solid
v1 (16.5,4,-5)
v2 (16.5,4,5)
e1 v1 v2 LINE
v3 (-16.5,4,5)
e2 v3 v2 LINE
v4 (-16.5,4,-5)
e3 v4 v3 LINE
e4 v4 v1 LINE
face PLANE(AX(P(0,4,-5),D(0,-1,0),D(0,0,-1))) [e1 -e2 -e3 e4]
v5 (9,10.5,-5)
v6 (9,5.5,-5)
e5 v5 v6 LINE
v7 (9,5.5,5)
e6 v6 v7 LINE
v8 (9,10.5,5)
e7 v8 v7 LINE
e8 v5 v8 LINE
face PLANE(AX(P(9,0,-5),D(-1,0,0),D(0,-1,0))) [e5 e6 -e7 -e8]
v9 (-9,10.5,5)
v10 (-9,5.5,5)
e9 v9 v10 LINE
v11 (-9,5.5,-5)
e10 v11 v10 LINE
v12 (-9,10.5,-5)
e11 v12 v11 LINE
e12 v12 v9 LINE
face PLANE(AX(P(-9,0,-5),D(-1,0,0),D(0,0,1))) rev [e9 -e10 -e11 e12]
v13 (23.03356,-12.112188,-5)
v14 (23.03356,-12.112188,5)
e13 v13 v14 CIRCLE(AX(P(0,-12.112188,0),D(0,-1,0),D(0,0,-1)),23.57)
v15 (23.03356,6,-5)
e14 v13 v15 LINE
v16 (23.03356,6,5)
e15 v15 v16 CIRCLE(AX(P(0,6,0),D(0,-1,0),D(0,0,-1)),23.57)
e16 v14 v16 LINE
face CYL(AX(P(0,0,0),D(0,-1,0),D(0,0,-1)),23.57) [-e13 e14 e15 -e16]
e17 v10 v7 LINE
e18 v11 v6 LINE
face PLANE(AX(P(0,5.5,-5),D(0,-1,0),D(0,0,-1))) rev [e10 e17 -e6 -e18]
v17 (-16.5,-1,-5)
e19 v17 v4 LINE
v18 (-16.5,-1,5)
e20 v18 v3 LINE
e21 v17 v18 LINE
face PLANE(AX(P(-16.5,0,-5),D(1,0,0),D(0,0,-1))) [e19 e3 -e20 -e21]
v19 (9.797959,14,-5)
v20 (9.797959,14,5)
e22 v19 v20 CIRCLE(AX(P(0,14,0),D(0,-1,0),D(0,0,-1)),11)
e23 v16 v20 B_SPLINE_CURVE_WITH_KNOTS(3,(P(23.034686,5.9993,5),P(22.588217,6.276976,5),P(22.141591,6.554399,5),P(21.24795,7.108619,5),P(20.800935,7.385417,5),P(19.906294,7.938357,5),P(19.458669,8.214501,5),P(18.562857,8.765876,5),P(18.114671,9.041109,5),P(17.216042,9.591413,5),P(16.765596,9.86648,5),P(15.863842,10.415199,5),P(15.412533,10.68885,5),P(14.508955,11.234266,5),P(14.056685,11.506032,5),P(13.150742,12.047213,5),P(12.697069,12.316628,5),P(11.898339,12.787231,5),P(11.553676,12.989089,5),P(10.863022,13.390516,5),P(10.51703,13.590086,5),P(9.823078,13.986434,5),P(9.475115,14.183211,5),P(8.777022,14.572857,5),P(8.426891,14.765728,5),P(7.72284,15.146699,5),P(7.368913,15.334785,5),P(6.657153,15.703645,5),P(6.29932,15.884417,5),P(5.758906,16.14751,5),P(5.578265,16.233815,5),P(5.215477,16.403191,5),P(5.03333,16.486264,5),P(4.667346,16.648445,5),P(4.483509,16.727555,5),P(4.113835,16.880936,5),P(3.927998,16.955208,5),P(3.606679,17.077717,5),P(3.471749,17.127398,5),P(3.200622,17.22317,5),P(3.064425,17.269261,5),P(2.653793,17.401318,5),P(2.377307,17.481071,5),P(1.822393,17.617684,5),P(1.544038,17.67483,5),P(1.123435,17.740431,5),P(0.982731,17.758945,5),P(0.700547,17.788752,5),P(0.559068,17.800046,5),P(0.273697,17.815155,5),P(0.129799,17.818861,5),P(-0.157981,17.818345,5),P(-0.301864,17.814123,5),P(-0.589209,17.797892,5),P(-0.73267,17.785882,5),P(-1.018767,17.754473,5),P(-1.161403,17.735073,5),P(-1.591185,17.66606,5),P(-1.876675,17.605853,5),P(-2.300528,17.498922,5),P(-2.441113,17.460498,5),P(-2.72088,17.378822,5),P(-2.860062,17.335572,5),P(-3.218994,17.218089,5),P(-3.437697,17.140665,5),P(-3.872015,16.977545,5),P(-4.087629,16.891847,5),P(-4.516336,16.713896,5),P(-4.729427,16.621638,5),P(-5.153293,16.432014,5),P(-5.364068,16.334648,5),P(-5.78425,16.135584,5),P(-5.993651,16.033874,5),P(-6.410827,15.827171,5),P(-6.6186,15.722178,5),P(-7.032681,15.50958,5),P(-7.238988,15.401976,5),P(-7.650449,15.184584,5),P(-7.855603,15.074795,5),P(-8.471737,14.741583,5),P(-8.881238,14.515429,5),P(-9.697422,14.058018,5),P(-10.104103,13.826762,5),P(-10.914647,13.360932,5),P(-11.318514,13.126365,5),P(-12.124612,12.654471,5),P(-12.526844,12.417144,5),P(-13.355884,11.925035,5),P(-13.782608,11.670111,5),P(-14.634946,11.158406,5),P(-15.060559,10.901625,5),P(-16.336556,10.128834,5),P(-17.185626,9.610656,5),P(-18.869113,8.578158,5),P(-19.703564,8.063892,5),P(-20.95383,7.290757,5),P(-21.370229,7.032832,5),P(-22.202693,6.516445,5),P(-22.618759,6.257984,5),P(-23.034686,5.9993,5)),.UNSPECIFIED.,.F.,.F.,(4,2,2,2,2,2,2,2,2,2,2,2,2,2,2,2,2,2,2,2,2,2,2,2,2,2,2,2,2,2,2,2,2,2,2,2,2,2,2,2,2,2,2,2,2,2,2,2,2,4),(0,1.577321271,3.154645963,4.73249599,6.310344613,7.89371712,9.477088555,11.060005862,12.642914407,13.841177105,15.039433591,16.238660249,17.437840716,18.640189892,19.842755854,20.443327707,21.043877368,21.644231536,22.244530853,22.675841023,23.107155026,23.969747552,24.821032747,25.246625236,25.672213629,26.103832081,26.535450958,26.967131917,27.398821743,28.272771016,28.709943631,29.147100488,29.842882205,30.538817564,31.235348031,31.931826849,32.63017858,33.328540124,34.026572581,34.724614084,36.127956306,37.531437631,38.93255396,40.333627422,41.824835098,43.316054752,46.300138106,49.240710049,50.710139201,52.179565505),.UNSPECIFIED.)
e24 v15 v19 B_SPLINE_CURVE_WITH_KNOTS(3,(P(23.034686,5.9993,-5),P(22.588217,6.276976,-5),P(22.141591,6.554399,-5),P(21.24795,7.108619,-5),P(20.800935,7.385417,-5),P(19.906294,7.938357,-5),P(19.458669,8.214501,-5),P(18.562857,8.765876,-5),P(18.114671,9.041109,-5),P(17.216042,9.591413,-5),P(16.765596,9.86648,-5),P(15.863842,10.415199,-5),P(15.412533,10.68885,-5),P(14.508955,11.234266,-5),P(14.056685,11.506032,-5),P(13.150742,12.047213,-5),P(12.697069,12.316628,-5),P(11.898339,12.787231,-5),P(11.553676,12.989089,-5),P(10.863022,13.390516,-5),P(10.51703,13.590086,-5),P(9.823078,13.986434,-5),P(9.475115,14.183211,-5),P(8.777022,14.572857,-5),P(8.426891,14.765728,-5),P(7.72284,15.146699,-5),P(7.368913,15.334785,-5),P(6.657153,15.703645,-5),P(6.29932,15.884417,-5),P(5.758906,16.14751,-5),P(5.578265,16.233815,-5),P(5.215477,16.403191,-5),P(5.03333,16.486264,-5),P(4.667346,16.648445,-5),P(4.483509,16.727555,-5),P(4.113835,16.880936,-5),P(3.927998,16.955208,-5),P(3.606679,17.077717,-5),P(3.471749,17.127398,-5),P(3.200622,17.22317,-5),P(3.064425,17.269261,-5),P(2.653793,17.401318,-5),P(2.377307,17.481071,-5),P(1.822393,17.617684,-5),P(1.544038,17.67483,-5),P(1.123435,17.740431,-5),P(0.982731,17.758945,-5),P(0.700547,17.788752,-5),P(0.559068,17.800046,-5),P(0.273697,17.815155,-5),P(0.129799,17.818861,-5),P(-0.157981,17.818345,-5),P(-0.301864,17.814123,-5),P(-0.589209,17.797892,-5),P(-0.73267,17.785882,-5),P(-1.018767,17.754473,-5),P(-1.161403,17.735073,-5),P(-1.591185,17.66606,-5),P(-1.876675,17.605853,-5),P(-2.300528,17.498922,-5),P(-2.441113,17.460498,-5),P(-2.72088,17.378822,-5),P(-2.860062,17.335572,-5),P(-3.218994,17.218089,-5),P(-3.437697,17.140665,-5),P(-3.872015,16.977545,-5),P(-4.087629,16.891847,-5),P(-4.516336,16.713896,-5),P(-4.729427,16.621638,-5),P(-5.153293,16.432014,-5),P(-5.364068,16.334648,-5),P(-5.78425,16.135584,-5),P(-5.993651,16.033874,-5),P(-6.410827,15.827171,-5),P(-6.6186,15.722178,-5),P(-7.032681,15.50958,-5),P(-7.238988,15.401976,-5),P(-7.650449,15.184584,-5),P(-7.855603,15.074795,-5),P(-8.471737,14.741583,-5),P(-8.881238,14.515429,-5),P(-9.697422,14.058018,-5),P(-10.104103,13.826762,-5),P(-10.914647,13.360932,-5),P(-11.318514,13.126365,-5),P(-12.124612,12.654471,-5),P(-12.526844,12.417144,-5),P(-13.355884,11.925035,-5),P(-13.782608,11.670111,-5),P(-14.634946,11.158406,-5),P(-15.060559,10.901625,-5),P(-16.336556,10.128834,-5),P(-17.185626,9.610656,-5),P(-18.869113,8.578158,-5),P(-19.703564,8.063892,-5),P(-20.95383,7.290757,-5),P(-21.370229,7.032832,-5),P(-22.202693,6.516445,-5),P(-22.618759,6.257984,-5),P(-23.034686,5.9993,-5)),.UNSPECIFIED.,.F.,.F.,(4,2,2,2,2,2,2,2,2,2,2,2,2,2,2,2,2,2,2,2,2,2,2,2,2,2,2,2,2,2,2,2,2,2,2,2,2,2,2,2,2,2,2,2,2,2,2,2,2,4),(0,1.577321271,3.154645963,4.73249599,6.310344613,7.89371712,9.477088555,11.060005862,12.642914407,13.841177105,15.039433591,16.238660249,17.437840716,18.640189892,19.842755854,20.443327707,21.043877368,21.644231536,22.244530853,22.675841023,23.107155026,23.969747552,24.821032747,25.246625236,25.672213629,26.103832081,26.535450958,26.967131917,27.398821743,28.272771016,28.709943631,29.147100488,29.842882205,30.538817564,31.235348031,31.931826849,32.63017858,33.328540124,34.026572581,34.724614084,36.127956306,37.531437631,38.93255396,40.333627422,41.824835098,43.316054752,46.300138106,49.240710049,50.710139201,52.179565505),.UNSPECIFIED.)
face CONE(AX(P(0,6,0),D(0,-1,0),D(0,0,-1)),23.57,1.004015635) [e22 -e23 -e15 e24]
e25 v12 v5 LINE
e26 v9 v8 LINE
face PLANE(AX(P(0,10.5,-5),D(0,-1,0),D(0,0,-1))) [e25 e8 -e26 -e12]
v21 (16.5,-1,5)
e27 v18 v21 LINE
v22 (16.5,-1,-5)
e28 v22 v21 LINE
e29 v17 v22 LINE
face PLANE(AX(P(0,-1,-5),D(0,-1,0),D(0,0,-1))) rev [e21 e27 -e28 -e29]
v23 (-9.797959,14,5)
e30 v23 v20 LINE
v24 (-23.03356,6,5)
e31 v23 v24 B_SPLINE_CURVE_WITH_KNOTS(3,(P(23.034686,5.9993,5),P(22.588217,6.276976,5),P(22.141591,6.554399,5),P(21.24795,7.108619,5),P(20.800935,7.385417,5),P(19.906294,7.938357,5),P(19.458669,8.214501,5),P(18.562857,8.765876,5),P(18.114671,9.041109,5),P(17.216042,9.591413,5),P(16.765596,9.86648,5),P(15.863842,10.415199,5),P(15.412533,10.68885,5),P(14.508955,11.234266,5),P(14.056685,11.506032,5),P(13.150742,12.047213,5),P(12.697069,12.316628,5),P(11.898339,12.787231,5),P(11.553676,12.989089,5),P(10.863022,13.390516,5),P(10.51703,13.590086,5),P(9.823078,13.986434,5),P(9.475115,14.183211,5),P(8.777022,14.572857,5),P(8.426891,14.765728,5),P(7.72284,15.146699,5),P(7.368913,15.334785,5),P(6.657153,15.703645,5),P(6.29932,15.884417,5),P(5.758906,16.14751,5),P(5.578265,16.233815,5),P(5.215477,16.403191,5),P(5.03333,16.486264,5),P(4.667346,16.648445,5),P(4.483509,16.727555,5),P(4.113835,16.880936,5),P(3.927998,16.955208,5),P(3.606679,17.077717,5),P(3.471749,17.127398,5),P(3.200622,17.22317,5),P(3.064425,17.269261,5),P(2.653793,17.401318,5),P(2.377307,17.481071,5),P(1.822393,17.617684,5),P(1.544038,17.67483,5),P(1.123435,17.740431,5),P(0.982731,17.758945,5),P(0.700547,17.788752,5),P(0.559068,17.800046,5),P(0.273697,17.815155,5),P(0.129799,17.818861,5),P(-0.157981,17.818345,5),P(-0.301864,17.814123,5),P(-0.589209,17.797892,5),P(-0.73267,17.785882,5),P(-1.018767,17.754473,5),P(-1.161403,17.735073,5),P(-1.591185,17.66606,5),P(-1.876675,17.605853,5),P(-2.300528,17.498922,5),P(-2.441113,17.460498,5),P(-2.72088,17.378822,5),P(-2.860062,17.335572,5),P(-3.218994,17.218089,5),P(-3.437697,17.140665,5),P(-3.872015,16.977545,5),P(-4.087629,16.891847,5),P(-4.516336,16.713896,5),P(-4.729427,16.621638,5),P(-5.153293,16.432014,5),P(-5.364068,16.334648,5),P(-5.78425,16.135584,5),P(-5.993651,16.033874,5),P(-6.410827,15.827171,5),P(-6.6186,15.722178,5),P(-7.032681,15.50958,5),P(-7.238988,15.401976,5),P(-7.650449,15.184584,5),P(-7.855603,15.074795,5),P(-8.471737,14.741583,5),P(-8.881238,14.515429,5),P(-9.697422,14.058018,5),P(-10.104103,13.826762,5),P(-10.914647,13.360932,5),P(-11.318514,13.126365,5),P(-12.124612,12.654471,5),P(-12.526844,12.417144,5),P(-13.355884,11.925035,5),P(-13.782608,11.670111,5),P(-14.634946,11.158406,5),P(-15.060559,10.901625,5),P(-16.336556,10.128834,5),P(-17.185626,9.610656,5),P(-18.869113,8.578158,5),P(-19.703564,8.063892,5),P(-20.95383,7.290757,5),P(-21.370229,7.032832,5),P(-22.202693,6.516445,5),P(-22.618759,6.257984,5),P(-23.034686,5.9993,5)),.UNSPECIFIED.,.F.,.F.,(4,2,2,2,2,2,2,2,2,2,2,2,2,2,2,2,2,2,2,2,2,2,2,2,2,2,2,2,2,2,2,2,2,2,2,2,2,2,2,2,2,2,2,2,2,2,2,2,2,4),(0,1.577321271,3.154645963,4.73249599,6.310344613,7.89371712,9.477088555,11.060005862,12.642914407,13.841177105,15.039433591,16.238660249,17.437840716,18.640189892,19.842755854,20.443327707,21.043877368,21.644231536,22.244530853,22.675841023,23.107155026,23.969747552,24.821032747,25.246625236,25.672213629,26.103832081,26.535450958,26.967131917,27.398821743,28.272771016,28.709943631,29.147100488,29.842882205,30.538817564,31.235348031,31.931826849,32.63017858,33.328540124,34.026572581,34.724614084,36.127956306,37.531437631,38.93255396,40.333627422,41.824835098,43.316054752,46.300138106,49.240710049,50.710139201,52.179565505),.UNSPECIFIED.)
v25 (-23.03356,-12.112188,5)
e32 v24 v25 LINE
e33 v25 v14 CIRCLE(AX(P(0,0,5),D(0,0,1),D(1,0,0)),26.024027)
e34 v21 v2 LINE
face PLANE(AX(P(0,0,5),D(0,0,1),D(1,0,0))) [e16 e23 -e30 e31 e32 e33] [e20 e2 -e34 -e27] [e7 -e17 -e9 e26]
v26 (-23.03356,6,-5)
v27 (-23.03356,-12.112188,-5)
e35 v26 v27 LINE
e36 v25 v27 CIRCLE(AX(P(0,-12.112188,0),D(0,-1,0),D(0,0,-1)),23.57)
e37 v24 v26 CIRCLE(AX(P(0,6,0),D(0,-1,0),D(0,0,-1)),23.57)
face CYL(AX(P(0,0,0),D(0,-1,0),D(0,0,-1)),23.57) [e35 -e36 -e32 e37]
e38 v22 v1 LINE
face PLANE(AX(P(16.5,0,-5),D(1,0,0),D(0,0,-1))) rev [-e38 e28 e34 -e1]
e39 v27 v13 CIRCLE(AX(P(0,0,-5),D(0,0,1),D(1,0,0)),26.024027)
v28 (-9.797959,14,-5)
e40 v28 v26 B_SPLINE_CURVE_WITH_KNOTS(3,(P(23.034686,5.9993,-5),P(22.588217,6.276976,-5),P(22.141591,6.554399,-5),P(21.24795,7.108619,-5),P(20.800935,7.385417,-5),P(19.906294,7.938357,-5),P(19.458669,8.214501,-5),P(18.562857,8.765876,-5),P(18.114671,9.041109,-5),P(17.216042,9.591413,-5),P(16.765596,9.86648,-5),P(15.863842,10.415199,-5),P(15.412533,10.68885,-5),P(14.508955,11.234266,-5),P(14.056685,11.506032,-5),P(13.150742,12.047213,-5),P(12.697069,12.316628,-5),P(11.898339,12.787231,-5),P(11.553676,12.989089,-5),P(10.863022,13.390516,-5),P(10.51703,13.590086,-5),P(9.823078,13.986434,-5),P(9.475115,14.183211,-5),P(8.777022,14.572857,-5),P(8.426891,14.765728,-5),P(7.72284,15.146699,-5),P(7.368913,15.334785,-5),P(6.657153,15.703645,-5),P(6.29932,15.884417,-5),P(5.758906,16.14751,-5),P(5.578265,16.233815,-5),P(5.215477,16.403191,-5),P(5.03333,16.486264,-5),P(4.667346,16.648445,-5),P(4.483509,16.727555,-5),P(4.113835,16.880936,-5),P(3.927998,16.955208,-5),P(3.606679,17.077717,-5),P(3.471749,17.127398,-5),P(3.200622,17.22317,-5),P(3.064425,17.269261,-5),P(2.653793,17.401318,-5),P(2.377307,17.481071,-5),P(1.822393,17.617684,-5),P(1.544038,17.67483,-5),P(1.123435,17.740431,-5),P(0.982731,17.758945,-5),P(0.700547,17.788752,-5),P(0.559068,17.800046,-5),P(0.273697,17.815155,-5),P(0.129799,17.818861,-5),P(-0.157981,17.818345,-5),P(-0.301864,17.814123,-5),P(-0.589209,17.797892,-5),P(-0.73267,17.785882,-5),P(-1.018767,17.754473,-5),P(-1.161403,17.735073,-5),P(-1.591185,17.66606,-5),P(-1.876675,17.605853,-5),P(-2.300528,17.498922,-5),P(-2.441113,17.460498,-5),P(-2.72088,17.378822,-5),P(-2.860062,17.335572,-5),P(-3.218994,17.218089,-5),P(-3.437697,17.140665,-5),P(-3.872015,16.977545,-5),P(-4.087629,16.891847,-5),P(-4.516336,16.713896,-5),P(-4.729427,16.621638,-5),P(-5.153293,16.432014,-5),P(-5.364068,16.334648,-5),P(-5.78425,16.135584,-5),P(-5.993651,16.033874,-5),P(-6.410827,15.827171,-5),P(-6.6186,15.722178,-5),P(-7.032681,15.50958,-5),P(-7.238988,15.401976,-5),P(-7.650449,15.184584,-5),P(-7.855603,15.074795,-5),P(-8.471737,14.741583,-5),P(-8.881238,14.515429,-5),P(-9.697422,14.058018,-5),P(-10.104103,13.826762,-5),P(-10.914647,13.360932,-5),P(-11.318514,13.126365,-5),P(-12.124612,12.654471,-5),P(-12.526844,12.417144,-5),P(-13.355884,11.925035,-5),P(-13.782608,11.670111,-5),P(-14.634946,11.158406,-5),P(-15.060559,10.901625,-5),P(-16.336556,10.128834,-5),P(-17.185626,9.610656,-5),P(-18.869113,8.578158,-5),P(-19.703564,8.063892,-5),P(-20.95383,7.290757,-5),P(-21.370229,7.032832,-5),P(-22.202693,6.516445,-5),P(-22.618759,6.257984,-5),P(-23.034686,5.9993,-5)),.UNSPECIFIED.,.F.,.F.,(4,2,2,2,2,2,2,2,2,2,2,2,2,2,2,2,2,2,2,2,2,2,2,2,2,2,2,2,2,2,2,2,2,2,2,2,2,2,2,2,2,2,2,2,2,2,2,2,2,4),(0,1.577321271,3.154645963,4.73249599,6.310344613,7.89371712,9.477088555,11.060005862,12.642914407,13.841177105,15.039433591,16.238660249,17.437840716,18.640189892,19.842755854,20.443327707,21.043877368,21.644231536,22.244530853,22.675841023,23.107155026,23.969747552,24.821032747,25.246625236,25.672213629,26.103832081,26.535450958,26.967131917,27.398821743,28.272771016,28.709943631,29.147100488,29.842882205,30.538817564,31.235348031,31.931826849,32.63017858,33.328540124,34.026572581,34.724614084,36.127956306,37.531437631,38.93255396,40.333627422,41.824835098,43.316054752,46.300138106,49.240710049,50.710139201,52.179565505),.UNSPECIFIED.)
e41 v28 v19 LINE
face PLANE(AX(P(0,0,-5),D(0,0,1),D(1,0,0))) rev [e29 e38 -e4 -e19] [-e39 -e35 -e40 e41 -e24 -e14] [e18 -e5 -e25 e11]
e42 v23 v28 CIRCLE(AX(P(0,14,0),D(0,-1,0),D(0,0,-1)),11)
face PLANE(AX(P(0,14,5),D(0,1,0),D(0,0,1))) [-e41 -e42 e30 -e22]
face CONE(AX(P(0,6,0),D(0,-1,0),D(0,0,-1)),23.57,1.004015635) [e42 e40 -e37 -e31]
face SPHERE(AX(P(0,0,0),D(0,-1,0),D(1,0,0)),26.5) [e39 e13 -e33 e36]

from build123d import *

# Parameters (mm, degrees)
BOSS_EXTRUDE2_DEPTH     = 5
SKETCH2_W               = 18
SKETCH2_H               = 5
SKETCH2_W_2             = 33
CUT_EXTRUDE1_DEPTH      = 6
CUT_EXTRUDE1_DEPTH_BACK = 6


with BuildPart() as part:
    # Sketch1 → Boss-Extrude2 (new body, symmetric)
    with BuildSketch(Plane.XY):
        with BuildLine():
            Line((-23.57, 6), (-23.57, -12.112188076))
            ThreePointArc((-23.57, -12.112188076), (-13.807190445, -22.618830474), (0, -26.5))
            Line((0, -26.5), (0, 14))
            Line((0, 14), (-11, 14))
            Line((-11, 14), (-23.57, 6))
        make_face()
    boss_extrude2 = extrude(amount=BOSS_EXTRUDE2_DEPTH, both=True)

    # Mirror2: Boss-Extrude2 across plane
    add(boss_extrude2.mirror(Plane(origin=(0, 0, 0), x_dir=(0, 0, 1), z_dir=(1, 0, 0))))

    # Sketch1<6> → Cut-Revolve2 (revolve, cut)
    with BuildSketch(Plane.XY):
        with BuildLine():
            ThreePointArc((0, -26.5), (-13.807190445, -22.618830474), (-23.57, -12.112188076))
            Line((-23.57, -12.112188076), (-23.57, 6))
            Line((-23.57, 6), (-11, 14))
            Line((-11, 14), (0, 14))
            Line((0, 14), (0, 39.736431601))
            ThreePointArc((0, 39.736431601), (-39.736431601, 0), (0, -39.736431601))
            Line((0, -39.736431601), (0, -26.5))
        make_face()
    revolve(axis=Axis((0, 0, 0), (0, 1, 0)), mode=Mode.SUBTRACT)

    # Sketch2 → Cut-Extrude1 (cut, two sides)
    with BuildSketch(Plane.XY) as cut_extrude1_sk:
        with Locations((0, 8)):
            Rectangle(SKETCH2_W, SKETCH2_H)
        with Locations((0, 1.5)):
            Rectangle(SKETCH2_W_2, SKETCH2_H)
    extrude(amount=CUT_EXTRUDE1_DEPTH, mode=Mode.SUBTRACT)
    extrude(cut_extrude1_sk.sketch, amount=-CUT_EXTRUDE1_DEPTH_BACK, mode=Mode.SUBTRACT)


solid = part.part
